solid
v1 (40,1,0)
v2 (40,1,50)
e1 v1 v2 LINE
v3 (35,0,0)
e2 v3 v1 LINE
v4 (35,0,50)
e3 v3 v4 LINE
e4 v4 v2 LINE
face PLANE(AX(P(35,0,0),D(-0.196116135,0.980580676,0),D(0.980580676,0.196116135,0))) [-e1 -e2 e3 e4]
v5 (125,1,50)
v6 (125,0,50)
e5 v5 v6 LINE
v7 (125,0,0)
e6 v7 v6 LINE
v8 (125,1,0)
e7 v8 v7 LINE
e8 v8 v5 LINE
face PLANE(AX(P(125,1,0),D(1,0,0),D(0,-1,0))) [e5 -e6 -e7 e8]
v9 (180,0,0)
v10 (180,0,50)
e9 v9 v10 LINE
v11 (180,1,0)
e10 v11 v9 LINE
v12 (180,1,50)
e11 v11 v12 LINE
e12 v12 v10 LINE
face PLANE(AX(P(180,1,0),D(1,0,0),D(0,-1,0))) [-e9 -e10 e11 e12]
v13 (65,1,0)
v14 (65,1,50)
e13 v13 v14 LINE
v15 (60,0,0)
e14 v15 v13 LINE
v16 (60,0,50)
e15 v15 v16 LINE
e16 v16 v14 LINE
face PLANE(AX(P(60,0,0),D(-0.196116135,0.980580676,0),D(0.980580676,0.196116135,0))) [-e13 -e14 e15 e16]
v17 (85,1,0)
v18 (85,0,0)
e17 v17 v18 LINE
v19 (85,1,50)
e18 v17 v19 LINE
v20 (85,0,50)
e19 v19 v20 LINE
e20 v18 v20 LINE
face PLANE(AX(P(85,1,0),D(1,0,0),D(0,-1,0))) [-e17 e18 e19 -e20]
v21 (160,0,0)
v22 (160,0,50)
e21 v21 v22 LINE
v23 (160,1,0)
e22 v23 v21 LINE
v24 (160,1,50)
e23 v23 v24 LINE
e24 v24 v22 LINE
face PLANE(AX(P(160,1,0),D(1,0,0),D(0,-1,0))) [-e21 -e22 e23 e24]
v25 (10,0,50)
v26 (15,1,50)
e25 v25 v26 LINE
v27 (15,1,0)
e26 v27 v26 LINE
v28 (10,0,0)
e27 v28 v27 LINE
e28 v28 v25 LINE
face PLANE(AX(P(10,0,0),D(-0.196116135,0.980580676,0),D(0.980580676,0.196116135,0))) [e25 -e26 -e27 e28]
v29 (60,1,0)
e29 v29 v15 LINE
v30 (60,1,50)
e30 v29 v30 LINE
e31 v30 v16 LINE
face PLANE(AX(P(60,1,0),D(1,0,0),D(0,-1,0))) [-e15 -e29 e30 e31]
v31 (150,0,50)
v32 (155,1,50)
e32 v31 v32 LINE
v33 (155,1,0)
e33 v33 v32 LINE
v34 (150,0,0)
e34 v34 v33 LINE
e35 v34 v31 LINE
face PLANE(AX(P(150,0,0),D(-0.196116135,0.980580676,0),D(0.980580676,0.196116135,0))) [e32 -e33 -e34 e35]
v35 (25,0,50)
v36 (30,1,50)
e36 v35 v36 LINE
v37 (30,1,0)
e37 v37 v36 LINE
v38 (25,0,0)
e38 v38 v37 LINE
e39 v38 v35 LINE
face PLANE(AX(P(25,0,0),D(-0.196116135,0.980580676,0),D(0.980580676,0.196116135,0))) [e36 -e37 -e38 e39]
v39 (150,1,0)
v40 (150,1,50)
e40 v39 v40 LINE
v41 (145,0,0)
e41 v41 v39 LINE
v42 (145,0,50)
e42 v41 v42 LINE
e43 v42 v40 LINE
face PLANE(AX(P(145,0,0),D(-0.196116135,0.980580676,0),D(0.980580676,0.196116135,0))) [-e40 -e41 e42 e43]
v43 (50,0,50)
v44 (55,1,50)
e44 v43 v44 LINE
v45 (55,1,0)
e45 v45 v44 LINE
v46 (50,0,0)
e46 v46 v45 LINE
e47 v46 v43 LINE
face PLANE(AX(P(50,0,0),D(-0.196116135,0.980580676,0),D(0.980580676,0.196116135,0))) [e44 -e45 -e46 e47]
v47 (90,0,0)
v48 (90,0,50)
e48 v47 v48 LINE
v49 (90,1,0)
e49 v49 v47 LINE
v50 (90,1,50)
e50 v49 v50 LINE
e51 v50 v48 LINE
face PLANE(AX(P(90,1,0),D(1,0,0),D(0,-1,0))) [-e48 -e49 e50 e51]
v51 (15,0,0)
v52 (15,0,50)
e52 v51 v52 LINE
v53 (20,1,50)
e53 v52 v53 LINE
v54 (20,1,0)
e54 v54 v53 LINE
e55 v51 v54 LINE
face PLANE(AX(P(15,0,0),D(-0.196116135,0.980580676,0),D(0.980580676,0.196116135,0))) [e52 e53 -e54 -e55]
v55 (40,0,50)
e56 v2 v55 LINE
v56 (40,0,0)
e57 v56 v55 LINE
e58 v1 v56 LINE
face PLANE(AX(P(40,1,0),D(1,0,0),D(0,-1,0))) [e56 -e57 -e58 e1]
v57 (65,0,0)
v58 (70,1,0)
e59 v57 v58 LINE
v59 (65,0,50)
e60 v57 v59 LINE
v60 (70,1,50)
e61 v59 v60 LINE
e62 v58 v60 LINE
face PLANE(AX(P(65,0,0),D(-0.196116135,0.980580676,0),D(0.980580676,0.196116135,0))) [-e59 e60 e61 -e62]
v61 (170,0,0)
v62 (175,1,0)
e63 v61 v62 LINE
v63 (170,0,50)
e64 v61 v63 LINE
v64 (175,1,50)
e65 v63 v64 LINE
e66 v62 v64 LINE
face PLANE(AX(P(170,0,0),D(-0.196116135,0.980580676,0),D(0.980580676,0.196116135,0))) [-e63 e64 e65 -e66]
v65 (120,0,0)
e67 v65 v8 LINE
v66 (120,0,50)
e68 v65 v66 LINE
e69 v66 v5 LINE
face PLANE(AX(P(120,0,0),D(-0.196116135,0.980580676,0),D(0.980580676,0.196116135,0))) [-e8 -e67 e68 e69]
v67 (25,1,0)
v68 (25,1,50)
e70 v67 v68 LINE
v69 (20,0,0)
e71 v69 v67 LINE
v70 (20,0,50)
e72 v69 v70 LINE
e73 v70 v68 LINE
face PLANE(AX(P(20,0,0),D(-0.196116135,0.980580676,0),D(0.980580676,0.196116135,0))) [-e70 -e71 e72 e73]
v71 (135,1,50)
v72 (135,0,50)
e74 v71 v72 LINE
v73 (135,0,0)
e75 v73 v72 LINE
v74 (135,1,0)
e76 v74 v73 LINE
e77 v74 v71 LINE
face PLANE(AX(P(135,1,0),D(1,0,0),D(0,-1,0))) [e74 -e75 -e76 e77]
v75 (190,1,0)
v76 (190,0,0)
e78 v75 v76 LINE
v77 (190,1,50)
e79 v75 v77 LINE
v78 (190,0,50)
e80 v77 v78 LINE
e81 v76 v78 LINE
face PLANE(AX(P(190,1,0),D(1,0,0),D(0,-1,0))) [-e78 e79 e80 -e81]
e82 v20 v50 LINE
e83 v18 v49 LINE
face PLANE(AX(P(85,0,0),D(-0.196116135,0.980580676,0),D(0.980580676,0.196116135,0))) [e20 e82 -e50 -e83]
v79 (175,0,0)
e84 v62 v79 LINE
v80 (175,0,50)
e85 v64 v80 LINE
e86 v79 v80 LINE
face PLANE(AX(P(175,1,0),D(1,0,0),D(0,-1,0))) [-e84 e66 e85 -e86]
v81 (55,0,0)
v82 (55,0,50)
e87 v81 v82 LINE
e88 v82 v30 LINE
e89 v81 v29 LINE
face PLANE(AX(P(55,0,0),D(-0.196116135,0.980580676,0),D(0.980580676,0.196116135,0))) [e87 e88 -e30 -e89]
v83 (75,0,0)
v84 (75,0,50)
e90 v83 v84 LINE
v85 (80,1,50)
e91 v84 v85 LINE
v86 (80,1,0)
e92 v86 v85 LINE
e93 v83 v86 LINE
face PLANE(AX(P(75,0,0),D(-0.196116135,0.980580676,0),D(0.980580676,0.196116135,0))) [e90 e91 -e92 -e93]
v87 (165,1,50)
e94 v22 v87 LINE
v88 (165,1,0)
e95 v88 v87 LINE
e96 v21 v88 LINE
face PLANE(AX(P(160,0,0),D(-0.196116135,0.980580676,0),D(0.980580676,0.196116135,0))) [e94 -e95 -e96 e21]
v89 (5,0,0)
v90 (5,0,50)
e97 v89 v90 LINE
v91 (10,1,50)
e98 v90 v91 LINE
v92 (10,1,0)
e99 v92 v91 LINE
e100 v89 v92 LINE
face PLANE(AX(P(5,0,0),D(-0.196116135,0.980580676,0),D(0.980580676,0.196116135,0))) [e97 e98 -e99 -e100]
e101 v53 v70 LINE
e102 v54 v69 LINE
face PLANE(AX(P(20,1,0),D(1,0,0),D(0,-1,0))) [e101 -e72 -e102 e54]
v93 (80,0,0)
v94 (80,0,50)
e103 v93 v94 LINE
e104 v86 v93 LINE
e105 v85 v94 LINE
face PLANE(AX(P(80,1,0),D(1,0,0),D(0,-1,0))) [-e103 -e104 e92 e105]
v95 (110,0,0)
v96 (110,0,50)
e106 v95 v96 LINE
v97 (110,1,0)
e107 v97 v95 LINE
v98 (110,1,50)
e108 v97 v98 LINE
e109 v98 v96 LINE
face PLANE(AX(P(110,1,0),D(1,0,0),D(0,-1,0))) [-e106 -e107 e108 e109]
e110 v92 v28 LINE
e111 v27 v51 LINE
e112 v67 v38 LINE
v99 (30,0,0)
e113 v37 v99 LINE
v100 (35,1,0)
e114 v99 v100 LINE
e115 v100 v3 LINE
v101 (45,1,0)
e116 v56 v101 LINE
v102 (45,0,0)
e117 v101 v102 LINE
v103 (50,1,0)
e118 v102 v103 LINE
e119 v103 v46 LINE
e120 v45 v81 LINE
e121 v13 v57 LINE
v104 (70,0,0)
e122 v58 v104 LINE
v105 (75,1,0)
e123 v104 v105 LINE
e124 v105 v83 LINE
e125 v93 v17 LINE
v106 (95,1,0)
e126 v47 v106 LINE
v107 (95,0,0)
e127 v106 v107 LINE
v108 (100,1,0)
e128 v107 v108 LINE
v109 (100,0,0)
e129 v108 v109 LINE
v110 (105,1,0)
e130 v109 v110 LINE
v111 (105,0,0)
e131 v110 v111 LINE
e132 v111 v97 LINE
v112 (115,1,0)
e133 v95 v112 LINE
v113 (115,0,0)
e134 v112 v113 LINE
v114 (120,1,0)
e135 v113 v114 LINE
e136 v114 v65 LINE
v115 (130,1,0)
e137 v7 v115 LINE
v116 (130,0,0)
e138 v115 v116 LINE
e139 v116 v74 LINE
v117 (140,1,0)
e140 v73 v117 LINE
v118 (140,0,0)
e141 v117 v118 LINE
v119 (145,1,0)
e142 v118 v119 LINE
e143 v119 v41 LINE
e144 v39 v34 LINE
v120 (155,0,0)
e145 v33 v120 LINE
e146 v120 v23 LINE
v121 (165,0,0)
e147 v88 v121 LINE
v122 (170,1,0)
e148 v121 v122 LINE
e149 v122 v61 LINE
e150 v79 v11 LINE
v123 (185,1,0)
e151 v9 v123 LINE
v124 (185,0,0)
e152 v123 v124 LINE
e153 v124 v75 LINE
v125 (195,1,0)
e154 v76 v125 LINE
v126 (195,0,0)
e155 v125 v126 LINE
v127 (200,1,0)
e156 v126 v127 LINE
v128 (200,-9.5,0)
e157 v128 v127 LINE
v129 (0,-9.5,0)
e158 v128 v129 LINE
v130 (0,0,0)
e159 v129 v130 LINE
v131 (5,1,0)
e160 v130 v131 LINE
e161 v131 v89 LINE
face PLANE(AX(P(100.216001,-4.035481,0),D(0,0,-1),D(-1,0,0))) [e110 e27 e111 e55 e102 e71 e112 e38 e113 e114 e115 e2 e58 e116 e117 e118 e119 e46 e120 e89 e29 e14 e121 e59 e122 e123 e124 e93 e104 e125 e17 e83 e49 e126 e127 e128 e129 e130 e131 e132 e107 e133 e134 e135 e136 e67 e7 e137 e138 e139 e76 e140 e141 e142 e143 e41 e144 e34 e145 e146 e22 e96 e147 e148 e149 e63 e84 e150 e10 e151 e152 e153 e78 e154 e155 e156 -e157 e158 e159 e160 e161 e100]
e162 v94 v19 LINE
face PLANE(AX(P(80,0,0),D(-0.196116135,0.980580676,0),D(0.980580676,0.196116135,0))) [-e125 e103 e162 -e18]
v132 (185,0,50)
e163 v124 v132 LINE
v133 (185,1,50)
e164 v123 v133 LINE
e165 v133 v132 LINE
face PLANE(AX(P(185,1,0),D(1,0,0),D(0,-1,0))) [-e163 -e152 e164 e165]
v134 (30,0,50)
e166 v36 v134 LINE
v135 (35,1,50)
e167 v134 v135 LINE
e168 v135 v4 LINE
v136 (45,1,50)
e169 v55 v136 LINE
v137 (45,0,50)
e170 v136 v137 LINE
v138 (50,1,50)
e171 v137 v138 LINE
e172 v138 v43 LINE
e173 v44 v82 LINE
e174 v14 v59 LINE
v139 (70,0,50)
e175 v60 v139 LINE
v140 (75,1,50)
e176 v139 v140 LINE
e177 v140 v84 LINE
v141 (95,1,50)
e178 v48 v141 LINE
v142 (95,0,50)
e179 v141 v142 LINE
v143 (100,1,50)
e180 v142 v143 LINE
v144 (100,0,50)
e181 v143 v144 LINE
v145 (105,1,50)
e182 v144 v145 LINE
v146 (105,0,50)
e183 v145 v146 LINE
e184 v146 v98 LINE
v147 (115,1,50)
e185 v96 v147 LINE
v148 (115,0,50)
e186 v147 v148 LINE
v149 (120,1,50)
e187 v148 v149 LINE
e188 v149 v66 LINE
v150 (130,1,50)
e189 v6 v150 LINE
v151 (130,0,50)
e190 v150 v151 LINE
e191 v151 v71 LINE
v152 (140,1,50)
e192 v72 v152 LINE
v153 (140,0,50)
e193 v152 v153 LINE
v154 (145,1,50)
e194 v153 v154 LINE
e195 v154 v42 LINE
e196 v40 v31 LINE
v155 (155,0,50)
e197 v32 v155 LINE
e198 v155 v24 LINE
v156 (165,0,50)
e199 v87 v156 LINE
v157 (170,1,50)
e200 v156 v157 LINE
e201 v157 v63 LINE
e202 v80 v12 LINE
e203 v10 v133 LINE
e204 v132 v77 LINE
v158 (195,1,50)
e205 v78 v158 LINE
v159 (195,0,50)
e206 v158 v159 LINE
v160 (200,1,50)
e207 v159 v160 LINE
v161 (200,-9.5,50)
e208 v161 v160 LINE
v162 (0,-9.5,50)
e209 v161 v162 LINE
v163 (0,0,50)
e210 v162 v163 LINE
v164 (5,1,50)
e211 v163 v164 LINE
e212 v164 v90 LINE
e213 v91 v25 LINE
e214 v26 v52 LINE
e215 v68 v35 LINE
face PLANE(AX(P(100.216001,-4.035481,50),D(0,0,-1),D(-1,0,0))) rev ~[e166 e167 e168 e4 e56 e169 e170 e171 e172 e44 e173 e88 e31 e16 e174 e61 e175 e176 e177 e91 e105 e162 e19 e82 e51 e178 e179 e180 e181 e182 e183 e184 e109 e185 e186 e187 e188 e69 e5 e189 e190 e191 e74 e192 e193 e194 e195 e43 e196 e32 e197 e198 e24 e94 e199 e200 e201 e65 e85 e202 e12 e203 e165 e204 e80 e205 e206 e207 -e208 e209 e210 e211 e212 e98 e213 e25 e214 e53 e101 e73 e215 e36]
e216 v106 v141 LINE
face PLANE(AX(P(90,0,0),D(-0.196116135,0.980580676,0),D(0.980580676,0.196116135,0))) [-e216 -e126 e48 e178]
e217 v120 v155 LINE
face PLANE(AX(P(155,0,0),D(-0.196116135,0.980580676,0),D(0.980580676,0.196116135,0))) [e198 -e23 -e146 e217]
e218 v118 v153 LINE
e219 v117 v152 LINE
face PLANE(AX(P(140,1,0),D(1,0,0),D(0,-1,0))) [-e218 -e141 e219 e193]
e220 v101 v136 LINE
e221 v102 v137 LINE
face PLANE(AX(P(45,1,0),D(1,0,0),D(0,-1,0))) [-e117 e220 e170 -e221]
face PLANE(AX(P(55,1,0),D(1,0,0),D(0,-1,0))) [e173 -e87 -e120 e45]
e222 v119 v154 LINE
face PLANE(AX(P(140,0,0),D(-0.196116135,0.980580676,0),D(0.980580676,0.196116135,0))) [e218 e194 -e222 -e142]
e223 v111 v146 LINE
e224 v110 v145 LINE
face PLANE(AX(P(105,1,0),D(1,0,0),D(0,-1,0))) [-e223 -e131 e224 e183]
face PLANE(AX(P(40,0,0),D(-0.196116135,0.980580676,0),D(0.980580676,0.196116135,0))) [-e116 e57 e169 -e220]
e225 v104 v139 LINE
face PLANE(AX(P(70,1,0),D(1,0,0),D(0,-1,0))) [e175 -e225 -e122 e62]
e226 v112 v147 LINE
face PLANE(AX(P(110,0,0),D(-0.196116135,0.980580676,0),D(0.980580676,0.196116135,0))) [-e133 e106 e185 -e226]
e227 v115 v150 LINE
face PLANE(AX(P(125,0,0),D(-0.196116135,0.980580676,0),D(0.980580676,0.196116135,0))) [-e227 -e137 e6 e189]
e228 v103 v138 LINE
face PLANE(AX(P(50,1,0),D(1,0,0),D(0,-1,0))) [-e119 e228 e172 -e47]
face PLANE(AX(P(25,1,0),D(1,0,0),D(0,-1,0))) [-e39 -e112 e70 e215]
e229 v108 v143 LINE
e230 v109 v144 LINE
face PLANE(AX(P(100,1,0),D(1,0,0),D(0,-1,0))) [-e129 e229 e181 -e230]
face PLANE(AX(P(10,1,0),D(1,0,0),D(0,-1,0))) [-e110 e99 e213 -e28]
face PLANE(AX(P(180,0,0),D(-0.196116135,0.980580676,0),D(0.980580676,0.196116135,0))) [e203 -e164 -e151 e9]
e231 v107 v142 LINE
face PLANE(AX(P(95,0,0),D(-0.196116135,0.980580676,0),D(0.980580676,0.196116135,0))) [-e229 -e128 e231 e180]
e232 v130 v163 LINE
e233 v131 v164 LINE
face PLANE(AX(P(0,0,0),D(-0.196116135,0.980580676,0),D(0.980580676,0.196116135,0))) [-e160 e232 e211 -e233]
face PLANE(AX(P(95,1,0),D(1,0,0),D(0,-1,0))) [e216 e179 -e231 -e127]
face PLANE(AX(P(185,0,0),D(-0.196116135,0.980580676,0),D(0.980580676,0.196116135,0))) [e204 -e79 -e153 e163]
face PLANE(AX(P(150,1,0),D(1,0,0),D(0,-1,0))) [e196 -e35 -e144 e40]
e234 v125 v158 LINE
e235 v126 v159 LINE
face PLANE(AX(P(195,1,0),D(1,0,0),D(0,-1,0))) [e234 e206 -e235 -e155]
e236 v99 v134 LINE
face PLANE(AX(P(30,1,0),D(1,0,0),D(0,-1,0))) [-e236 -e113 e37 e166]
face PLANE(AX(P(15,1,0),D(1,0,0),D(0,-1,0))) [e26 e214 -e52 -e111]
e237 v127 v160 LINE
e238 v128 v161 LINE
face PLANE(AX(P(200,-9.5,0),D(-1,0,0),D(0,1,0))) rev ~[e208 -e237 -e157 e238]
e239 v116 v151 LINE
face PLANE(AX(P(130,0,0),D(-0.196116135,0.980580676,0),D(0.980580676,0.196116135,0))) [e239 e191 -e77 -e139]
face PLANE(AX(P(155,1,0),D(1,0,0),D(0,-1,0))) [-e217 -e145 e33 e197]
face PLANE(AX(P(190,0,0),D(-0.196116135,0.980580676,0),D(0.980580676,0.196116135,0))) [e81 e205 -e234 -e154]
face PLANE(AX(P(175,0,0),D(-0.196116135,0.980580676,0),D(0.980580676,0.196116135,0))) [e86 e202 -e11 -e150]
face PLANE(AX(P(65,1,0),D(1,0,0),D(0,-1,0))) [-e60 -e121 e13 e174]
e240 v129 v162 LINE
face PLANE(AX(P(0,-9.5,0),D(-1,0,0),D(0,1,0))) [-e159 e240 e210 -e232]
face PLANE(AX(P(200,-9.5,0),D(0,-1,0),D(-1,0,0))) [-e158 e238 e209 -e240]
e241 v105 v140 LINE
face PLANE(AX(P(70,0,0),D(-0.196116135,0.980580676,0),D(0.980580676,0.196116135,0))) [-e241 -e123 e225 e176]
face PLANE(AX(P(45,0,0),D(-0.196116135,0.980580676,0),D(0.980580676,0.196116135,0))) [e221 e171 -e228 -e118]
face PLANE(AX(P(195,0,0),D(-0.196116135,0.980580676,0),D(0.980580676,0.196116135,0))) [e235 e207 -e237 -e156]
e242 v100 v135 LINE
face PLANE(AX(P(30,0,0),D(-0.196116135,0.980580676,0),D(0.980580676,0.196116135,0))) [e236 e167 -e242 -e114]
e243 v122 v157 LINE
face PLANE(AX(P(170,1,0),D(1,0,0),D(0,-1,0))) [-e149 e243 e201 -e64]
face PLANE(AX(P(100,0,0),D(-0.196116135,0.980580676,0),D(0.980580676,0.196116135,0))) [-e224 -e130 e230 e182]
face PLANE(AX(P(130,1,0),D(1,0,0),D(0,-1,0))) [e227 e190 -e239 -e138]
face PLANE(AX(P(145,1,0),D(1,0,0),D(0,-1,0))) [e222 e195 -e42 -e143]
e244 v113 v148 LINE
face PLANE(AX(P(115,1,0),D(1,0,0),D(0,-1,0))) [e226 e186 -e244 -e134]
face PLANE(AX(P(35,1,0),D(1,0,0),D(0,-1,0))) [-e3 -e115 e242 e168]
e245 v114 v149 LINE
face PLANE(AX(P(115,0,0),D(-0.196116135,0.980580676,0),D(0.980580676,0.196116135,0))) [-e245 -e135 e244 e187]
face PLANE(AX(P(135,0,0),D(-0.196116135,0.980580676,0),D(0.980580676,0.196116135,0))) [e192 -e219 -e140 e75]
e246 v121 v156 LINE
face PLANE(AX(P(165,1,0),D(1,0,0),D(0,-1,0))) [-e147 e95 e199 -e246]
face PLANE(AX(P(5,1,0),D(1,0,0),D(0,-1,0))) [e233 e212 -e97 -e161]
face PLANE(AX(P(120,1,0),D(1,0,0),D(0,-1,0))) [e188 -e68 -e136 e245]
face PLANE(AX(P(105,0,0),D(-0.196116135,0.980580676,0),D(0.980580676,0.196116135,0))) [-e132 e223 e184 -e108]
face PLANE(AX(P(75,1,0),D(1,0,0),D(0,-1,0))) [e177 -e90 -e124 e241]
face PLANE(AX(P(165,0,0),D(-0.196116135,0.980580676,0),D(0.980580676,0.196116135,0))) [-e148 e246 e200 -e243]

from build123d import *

# Parameters (mm, degrees)
AUFSATZ_LINEAR_AUSTRAGEN1_DEPTH = 50


with BuildPart() as part:
    # Skizze1 → Aufsatz-Linear austragen1 (new body)
    with BuildSketch(Plane.XY):
        Polygon((200, -9.5), (0, -9.5), (0, 0), (5, 1), (5, 0), (10, 1), (10, 0), (15, 1), (15, 0), (20, 1), (20, 0), (25, 1), (25, 0), (30, 1), (30, 0), (35, 1), (35, 0), (40, 1), (40, 0), (45, 1), (45, 0), (50, 1), (50, 0), (55, 1), (55, 0), (60, 1), (60, 0), (65, 1), (65, 0), (70, 1), (70, 0), (75, 1), (75, 0), (80, 1), (80, 0), (85, 1), (85, 0), (90, 1), (90, 0), (95, 1), (95, 0), (100, 1), (100, 0), (105, 1), (105, 0), (110, 1), (110, 0), (115, 1), (115, 0), (120, 1), (120, 0), (125, 1), (125, 0), (130, 1), (130, 0), (135, 1), (135, 0), (140, 1), (140, 0), (145, 1), (145, 0), (150, 1), (150, 0), (155, 1), (155, 0), (160, 1), (160, 0), (165, 1), (165, 0), (170, 1), (170, 0), (175, 1), (175, 0), (180, 1), (180, 0), (185, 1), (185, 0), (190, 1), (190, 0), (195, 1), (195, 0), (200, 1), (200, 0), align=None)
    extrude(amount=AUFSATZ_LINEAR_AUSTRAGEN1_DEPTH)


solid = part.part
